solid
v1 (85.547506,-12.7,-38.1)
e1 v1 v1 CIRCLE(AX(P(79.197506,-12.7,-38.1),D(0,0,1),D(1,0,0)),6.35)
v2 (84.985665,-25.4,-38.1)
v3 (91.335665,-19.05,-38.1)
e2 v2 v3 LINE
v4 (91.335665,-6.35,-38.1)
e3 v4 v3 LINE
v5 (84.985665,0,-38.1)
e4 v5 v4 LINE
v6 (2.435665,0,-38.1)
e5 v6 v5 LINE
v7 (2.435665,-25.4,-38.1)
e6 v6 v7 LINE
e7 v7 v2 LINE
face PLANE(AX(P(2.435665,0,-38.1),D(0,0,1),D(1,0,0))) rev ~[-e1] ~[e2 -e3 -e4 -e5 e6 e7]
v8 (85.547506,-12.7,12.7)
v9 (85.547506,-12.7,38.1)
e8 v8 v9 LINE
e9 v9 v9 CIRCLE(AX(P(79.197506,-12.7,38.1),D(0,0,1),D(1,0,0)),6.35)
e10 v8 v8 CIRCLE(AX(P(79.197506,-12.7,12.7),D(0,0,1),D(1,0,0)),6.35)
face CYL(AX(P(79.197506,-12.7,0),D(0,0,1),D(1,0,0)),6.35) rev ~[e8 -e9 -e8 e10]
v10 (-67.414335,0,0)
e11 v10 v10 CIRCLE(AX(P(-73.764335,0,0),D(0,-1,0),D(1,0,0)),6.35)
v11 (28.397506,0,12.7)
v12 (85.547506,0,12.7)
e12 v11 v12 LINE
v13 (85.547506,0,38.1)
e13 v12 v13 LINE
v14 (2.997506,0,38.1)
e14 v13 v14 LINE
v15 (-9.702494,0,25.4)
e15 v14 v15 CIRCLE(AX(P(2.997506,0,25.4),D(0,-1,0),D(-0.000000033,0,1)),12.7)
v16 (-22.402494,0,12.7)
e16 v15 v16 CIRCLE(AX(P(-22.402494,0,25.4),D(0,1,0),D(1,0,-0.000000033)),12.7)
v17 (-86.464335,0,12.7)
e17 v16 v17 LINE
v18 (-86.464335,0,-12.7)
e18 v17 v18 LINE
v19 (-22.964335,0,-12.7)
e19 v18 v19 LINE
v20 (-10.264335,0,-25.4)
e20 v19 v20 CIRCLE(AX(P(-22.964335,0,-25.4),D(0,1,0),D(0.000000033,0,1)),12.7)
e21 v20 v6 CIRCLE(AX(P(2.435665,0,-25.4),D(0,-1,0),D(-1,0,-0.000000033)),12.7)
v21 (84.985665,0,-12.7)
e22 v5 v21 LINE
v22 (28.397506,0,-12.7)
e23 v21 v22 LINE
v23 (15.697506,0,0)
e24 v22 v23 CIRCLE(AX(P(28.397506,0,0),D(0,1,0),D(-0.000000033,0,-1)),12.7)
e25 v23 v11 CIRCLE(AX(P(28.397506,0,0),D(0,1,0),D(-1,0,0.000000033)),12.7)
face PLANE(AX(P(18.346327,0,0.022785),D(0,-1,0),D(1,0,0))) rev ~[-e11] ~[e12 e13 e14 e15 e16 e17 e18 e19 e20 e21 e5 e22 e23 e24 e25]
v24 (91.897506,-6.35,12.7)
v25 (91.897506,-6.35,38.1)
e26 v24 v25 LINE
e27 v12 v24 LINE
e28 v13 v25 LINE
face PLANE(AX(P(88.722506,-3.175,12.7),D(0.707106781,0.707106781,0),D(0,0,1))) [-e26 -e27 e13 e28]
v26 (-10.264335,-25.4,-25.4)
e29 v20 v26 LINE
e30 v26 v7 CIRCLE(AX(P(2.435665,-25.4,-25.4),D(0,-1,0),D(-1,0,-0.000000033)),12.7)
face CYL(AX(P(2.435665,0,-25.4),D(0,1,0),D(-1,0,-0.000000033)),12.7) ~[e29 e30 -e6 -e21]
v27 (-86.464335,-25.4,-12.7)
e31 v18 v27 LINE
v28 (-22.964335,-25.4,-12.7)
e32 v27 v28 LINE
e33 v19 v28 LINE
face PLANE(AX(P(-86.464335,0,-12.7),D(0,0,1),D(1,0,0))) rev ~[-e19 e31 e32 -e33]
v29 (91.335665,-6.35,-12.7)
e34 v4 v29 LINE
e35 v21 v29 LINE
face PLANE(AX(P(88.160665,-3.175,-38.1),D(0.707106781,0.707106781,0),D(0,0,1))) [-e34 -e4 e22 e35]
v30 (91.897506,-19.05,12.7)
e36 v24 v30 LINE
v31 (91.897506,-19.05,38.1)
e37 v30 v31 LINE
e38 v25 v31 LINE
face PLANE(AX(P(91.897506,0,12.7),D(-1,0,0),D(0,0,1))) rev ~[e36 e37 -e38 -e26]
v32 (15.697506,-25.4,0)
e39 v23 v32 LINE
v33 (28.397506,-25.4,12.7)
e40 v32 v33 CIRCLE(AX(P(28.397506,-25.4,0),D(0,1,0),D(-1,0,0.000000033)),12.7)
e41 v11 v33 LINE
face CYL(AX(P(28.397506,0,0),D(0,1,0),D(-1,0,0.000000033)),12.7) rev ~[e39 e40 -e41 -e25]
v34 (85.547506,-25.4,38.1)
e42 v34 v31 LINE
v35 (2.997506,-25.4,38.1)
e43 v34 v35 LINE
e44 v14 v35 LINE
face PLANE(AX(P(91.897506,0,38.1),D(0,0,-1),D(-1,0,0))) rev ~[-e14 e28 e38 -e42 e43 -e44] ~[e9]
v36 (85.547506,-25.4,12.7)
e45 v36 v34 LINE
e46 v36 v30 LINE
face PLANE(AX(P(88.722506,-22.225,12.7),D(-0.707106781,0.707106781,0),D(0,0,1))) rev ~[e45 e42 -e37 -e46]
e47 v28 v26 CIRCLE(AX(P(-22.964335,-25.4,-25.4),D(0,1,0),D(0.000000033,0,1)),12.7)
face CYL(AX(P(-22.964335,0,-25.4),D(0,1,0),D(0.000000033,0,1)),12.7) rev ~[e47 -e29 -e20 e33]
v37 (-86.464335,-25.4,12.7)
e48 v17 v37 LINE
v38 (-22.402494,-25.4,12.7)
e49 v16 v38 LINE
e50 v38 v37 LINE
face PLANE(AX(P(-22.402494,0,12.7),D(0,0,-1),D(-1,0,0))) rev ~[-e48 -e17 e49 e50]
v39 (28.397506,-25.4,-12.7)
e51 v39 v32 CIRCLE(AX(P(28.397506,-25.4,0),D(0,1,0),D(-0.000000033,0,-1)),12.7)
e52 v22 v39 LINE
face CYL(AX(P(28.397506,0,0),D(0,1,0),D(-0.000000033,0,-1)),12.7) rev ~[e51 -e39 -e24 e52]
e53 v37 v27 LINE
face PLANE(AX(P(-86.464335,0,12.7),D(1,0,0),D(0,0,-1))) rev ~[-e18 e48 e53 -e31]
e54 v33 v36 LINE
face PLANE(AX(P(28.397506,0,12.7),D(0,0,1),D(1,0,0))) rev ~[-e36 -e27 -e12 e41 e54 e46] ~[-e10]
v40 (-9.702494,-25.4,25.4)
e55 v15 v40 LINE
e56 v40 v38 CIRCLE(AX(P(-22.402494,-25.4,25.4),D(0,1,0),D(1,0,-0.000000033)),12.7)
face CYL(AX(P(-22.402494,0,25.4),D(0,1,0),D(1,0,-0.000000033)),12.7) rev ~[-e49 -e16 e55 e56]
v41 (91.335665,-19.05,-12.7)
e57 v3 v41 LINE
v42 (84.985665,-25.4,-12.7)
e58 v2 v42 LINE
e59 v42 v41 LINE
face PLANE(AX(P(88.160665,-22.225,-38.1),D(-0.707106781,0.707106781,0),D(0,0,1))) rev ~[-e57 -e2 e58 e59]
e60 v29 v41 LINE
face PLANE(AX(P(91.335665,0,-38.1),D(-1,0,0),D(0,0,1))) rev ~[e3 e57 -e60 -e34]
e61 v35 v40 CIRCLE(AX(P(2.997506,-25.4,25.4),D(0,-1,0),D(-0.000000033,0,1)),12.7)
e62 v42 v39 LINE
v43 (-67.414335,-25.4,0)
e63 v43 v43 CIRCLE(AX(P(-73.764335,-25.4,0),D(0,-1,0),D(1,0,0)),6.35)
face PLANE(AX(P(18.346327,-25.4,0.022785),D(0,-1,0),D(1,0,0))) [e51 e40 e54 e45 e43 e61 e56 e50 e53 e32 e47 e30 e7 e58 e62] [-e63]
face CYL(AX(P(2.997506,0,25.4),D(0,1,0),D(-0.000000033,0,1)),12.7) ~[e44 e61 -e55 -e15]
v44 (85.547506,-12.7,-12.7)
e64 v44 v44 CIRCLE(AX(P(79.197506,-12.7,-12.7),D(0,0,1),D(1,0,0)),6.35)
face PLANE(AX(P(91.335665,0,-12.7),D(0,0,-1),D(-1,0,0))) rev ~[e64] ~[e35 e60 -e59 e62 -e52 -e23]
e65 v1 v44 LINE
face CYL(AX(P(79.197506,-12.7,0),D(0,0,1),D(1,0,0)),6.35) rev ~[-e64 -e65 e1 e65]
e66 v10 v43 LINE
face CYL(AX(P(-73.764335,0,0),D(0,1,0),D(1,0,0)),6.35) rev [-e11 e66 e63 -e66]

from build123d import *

# Parameters (mm, degrees)
F0_R     = 6.35
F1_DEPTH = 25.4
F2_R     = 6.35
F3_DEPTH = 44.45
F4_SIZE  = 6.35


with BuildPart() as f1:
    # F0 (on Front) → F1 (new body)
    with BuildSketch(Plane.XZ):
        with BuildLine():
            Line((-22.402494, 12.7), (-86.464335, 12.7))
            Line((-86.464335, 12.7), (-86.464335, -12.7))
            Line((-86.464335, -12.7), (-22.964335, -12.7))
            ThreePointArc((-22.964335, -12.7), (-13.984079, -16.419744), (-10.264335, -25.4))
            ThreePointArc((-10.264335, -25.4), (-6.544591, -34.380256), (2.435665, -38.1))
            Line((2.435665, -38.1), (91.335665, -38.1))
            Line((91.335665, -38.1), (91.335665, -12.7))
            Line((91.335665, -12.7), (28.397506, -12.7))
            ThreePointArc((28.397506, -12.7), (19.41725, -8.980256), (15.697506, 0))
            ThreePointArc((15.697506, 0), (19.41725, 8.980256), (28.397506, 12.7))
            Line((28.397506, 12.7), (91.897506, 12.7))
            Line((91.897506, 12.7), (91.897506, 38.1))
            Line((91.897506, 38.1), (2.997506, 38.1))
            ThreePointArc((2.997506, 38.1), (-5.98275, 34.380256), (-9.702494, 25.4))
            ThreePointArc((-9.702494, 25.4), (-13.422238, 16.419744), (-22.402494, 12.7))
        make_face()
        with Locations((-73.764335, 0)):
            Circle(F0_R, mode=Mode.SUBTRACT)
    extrude(amount=F1_DEPTH)

    # F2 (on Top) → F3 (cut, symmetric)
    with BuildSketch(Plane.XY):
        with Locations((79.197506, -12.7)):
            Circle(F2_R)
    extrude(amount=F3_DEPTH, both=True, mode=Mode.SUBTRACT)

    # F4
    f4_edges = [f1.edges().sort_by_distance(p)[0] for p in [
        (91.897506, 0, 25.4),
        (91.335665, 0, -25.4),
        (91.897506, -25.4, 25.4),
        (91.335665, -25.4, -25.4),
    ]]
    chamfer(f4_edges, length=F4_SIZE)


solid = f1.part
